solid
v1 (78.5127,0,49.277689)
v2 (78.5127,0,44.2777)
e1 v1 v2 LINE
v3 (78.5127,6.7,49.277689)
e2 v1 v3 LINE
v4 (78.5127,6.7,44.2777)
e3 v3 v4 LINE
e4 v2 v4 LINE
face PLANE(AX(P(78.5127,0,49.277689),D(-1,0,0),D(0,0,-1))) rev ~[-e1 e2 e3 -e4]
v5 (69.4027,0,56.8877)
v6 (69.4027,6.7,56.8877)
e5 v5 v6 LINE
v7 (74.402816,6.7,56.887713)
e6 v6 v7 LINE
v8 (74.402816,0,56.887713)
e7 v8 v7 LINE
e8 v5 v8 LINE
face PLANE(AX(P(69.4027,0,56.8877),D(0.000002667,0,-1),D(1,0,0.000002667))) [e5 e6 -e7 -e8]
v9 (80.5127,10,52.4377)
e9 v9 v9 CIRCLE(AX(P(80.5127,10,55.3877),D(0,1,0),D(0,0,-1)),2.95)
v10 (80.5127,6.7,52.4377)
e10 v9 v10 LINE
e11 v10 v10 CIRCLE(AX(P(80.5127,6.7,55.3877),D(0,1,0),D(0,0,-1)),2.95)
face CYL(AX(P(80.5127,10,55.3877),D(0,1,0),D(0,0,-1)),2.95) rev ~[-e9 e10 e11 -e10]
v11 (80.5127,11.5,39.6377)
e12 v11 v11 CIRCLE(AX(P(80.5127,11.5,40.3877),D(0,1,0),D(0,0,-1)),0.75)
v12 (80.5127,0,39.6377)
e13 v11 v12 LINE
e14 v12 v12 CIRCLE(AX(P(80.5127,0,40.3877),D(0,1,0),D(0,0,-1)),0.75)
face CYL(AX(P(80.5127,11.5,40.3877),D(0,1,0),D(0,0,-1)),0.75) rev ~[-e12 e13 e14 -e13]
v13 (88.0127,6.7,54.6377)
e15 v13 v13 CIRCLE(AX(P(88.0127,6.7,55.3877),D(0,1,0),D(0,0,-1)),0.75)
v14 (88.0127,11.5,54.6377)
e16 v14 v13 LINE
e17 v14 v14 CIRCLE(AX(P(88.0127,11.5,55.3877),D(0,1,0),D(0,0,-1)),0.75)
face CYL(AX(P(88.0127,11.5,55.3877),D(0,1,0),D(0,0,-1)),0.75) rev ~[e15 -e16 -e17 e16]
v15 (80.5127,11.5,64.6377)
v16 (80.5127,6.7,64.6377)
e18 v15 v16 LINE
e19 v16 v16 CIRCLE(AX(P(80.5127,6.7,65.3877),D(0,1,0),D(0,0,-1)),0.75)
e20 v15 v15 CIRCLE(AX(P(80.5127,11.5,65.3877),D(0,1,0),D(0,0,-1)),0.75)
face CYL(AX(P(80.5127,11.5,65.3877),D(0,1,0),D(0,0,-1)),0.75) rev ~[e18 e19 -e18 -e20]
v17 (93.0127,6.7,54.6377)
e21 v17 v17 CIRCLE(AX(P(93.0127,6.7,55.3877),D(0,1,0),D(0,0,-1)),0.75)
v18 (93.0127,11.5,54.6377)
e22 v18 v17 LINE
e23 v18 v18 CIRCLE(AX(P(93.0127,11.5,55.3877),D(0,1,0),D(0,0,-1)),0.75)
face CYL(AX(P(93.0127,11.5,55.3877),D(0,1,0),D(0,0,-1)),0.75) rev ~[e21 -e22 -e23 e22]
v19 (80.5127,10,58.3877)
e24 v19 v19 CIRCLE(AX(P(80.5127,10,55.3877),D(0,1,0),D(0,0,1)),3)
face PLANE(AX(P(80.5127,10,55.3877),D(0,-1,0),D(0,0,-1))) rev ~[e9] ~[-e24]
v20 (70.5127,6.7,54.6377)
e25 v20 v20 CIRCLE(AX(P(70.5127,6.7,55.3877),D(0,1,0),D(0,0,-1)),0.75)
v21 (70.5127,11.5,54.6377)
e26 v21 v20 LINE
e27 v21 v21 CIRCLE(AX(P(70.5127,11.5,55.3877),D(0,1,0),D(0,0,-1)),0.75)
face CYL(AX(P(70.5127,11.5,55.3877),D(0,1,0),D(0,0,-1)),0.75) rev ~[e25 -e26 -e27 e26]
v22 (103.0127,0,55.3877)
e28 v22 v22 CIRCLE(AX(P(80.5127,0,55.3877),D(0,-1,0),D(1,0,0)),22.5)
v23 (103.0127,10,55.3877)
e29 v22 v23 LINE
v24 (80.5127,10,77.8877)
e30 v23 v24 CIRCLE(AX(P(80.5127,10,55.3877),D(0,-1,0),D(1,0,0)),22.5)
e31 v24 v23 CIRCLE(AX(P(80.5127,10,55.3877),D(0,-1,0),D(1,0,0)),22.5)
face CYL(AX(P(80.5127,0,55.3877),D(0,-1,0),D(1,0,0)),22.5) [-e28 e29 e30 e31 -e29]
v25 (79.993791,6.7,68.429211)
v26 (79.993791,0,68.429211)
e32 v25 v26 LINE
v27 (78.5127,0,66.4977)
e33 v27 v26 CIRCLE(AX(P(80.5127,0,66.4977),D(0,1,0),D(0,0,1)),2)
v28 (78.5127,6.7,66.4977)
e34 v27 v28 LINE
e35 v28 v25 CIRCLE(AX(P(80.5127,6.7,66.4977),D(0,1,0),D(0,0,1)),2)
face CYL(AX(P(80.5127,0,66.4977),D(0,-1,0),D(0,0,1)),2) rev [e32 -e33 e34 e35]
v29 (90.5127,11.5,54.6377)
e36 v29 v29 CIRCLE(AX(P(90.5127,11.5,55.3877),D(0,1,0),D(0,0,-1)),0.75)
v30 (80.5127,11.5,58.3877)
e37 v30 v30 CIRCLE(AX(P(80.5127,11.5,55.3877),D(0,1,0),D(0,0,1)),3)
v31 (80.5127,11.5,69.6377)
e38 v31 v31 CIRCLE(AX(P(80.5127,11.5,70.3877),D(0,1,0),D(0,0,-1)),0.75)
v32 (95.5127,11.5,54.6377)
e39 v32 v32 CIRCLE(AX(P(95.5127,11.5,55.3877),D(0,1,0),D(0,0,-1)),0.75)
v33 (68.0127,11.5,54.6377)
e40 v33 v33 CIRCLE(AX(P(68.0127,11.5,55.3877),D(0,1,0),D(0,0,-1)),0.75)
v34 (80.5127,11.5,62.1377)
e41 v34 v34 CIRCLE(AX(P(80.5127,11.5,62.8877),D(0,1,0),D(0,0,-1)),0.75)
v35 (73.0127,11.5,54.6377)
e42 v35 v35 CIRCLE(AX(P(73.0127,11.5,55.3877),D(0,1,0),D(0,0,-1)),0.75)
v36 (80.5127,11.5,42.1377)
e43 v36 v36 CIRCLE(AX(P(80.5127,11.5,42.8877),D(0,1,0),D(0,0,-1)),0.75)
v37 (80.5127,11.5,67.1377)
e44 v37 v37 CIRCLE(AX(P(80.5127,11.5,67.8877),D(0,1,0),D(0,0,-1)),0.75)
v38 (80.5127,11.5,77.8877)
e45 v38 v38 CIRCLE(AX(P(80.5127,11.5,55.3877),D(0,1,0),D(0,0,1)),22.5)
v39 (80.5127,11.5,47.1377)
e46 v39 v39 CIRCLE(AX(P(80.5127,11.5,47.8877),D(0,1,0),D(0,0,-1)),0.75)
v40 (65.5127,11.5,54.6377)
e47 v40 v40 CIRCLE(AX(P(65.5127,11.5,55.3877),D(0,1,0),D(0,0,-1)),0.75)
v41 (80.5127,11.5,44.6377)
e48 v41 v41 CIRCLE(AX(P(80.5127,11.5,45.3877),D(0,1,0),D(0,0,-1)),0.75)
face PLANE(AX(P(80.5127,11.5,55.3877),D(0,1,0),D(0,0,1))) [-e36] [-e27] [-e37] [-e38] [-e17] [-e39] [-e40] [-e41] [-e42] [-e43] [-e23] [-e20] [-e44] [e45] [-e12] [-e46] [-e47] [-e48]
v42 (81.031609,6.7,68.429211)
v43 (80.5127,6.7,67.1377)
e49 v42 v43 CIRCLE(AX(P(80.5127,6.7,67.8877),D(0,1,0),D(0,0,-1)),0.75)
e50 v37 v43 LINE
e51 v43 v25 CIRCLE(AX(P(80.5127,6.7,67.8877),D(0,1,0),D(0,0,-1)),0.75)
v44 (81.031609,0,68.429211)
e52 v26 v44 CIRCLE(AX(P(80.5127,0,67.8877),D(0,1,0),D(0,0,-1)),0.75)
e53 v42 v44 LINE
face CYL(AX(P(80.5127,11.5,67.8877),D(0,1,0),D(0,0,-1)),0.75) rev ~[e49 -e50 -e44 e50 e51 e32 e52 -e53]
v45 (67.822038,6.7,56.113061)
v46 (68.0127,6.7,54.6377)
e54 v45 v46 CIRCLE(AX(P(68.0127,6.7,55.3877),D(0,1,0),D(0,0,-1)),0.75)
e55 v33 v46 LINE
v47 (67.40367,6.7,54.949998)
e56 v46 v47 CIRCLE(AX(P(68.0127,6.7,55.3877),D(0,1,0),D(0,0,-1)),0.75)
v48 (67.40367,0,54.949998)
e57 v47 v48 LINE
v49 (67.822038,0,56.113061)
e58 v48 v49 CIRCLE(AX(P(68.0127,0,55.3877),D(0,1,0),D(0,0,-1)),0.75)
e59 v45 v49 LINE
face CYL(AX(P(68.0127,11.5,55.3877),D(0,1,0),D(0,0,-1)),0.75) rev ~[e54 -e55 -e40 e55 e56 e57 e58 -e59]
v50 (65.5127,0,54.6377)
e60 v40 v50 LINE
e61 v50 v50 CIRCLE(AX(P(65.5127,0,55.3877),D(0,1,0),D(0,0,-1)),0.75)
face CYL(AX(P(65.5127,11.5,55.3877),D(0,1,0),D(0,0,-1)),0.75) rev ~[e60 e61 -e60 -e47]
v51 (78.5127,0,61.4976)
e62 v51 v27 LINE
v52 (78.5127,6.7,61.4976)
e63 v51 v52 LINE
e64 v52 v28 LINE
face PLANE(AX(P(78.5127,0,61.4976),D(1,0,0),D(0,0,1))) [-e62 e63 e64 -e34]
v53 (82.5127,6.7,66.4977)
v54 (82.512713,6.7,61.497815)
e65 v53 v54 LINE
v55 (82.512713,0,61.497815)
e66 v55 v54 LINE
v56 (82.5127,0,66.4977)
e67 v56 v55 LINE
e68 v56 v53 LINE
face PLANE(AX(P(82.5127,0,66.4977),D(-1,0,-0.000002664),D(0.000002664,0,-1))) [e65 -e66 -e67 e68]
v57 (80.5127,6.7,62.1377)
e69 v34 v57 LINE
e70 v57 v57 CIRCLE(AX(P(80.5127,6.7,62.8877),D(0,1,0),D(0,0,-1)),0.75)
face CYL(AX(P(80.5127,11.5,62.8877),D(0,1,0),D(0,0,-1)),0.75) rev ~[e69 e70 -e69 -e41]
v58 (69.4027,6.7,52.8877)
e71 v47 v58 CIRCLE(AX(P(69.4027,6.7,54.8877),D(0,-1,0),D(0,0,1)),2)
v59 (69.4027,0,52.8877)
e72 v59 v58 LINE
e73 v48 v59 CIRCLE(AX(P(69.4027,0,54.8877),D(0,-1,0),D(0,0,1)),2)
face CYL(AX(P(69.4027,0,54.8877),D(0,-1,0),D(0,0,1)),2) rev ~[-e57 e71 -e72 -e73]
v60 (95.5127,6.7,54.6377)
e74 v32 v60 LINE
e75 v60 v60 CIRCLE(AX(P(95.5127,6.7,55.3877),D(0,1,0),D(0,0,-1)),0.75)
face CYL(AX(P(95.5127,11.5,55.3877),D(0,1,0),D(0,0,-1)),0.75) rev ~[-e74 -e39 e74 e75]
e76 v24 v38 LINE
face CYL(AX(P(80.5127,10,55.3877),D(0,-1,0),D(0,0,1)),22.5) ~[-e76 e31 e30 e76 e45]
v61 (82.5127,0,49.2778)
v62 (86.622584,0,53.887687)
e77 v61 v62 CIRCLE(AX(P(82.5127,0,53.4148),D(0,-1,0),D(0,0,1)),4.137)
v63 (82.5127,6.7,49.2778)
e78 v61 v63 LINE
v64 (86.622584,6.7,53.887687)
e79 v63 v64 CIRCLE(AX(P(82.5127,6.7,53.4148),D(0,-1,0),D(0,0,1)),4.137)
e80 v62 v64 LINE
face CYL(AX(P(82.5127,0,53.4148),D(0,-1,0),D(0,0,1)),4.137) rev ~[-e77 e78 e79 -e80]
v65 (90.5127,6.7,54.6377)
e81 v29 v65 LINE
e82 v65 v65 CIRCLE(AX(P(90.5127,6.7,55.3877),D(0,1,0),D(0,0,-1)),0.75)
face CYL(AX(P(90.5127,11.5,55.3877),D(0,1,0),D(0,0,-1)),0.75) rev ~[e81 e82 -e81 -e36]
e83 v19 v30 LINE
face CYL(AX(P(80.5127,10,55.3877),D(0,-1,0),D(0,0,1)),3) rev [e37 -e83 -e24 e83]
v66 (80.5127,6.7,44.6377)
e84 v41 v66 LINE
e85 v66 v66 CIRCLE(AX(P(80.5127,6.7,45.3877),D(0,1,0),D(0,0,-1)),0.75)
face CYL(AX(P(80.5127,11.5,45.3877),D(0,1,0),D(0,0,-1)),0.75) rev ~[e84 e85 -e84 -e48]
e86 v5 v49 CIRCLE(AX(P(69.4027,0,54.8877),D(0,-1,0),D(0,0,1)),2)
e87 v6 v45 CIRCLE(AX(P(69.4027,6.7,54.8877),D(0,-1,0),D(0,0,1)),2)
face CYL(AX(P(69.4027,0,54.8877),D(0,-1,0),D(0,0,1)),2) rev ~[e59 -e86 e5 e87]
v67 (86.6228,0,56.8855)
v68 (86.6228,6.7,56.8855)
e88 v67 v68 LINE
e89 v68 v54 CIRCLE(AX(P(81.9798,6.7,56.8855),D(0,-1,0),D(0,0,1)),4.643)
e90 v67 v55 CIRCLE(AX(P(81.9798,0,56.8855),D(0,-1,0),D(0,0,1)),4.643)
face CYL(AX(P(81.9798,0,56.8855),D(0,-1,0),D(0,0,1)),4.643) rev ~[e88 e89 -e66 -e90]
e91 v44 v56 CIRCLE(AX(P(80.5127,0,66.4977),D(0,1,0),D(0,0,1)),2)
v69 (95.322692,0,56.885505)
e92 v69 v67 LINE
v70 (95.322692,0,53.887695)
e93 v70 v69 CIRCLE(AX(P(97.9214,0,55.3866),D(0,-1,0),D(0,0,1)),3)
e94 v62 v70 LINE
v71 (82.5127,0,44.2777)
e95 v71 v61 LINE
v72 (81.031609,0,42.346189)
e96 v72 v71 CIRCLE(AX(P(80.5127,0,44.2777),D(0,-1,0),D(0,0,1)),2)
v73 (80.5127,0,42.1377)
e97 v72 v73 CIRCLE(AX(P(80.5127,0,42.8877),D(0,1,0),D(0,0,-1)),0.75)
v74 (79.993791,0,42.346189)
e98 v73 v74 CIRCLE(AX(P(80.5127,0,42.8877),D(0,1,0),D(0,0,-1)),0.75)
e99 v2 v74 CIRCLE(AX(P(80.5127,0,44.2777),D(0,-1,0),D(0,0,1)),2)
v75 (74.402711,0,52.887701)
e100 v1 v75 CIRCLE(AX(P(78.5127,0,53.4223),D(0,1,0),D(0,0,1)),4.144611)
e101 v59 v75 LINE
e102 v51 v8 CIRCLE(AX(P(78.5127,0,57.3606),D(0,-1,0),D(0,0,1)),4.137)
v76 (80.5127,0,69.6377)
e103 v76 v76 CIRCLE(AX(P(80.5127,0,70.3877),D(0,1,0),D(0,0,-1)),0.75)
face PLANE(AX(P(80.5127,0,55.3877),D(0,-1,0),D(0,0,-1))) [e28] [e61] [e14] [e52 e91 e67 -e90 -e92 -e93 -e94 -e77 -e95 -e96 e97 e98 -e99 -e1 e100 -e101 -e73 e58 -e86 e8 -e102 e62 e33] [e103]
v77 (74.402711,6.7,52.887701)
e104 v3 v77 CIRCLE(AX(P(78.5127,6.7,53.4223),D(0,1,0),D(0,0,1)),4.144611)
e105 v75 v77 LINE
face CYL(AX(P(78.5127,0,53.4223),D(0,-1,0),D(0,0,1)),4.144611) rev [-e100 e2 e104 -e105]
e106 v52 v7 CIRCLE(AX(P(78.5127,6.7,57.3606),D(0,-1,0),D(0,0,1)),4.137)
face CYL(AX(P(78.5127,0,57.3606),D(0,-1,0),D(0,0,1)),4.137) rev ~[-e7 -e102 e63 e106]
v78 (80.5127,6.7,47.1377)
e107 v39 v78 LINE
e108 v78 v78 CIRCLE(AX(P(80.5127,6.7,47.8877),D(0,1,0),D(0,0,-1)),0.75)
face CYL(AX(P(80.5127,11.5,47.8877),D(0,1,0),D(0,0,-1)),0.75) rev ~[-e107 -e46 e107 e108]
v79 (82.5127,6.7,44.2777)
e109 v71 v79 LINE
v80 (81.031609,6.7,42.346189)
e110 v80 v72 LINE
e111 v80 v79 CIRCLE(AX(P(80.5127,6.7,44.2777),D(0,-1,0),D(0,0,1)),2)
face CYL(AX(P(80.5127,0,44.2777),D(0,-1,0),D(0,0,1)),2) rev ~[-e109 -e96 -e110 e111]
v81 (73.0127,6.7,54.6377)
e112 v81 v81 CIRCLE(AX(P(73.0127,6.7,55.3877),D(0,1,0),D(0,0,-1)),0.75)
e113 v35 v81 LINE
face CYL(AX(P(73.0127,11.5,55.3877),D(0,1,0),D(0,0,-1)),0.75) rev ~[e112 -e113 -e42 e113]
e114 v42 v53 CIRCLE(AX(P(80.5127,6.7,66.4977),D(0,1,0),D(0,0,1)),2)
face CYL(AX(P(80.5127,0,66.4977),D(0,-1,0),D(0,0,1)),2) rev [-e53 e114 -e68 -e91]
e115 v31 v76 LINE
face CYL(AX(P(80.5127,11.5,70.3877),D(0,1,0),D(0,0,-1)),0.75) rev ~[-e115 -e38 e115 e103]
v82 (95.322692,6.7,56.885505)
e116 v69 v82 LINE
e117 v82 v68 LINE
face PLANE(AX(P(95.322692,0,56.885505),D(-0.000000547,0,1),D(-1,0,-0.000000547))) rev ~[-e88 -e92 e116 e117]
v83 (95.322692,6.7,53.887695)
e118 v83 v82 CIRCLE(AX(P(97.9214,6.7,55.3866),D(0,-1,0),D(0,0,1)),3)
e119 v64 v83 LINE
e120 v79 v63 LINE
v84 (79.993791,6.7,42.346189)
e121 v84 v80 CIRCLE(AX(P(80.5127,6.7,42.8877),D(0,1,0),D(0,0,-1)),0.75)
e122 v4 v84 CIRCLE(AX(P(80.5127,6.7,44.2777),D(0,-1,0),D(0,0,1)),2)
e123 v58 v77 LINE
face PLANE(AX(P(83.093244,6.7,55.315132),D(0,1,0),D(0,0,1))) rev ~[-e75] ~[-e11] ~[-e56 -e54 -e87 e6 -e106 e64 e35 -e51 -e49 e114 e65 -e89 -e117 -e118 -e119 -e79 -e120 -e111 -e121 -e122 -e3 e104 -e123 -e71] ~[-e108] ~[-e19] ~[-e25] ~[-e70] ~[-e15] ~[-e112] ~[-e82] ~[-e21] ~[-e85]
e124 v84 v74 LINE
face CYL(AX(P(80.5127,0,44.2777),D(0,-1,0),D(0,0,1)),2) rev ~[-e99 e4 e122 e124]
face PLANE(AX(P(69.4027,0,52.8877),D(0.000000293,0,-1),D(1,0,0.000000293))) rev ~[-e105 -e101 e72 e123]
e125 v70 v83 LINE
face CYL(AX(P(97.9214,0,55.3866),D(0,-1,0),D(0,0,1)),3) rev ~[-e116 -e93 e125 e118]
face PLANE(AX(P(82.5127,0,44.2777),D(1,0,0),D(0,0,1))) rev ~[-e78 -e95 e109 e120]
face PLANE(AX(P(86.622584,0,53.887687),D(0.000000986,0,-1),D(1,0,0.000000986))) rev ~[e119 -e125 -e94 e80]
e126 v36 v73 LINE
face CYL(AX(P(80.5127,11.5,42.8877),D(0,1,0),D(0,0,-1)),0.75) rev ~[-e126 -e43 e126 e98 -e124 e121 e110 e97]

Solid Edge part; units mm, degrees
sketch "Sketch1" plane through (0, 0, 0) normal (0, -1, 0) x (1, 0, 0)
  circle A0 centre (80.5127, 55.3877) radius 22.5
  dimension "D1" = 45
extrude "Protrusion1" add sketch "Sketch1" against normal blind 10
sketch "Sketch2" plane through (80.5127, 10, 55.3877) normal (0, 1, 0) x (0, 0, -1)
  circle A0 centre (0, 0) radius 2.95
  dimension "D1" = 5.9
extrude "ExtrudedCutout_5" cut sketch "Sketch2" against normal blind 4
sketch "Sketch3" plane through (80.5127, 6, 55.3877) normal (0, 1, 0) x (-1, 0, 0)
  circle A0 centre (0, 0) radius 1.05
  dimension "D1" = 2.1
extrude "Cutout1" cut sketch "Sketch3" against normal up to next
sketch "Sketch4" plane through (80.5127, 5, 51.1598) normal (0, -1, 0) x (1, 0, 0)
  circle A0 centre (0, 4.2279) radius 3.55
extrude "ExtrudedCutout_7" cut sketch "Sketch4" against normal blind 0.5
chamfer "Chamfer_2" distance 1.9 distance2 0.5 1 edges at (80.5127, 6, 58.3377) measured on face at (78.605, 6, 53.362)
sketch "Sketch5" plane through (80.5127, 10, 55.3877) normal (0, 1, 0) x (0, 0, 1)
  circle A0 centre (0, 0) radius 22.5
  circle A1 centre (0, 0) radius 3
  dimension "D1" = 45
extrude "ExtrudedProtrusion_4" add sketch "Sketch5" along normal blind 1.5
sketch "Sketch6" plane through (80.5127, 0, 55.3877) normal (0, -1, 0) x (0, 0, 1)
  line L0 (1.5, 11.11) -> (1.5, 6.11)
  arc A0 (6.11, 2) -> (1.5, 6.11) centre (1.9729, 2) ccw
  line L1 (6.11, 2) -> (11.11, 2)
  arc A1 (11.11, 2) -> (11.11, -2) centre (11.11, 0) cw
  line L2 (11.11, -2) -> (6.11, -2)
  arc A2 (1.4978, -6.11) -> (6.11, -2) centre (1.4978, -1.4671) ccw
  line L3 (1.4978, -14.81) -> (1.4978, -6.11)
  arc A3 (-1.5, -14.81) -> (1.4978, -14.81) centre (-0.0011, -17.4087) ccw
  line L4 (-1.5, -6.11) -> (-1.5, -14.81)
  arc A4 (-6.11, -2) -> (-1.5, -6.11) centre (-1.9729, -2) ccw
  line L5 (-11.11, -2) -> (-6.11, -2)
  arc A5 (-11.11, 2) -> (-11.11, -2) centre (-11.11, 0) ccw
  line L6 (-6.11, 2) -> (-11.11, 2)
  arc A6 (-6.11, 2) -> (-2.5, 6.11) centre (-1.9654, 2) cw
  line L7 (-2.5, 11.11) -> (-2.5, 6.11)
  arc A7 (1.5, 11.11) -> (-2.5, 11.11) centre (-0.5, 11.11) ccw
  dimension "D1" = 5
  dimension "D2" = 6.11
  dimension "D3" = 1.5
  dimension "D4" = 2
  dimension "D5" = 5
  dimension "D6" = 5
  dimension "D7" = 2
  dimension "D8" = 5
  dimension "D9" = 5
  dimension "D10" = 2
  dimension "D11" = 6.11
  dimension "D12" = 6.11
  dimension "D13" = 8.7
  dimension "D14" = 6.11
  dimension "D15" = 1.5
  dimension "D16" = 8.7
  dimension "D17" = 5
  dimension "D18" = 3
extrude "ExtrudedCutout_9" cut sketch "Sketch6" against normal blind 6.7
sketch "Sketch7" plane through (80.5127, 11.5, 55.3877) normal (0, 1, 0) x (0, 0, -1)
  circle A0 centre (7.5, 0) radius 0.75
  circle A1 centre (10, 0) radius 0.75
  circle A2 centre (12.5, 0) radius 0.75
  circle A3 centre (15, 0) radius 0.75
  circle A4 centre (-15, 0) radius 0.75
  circle A5 centre (-12.5, 0) radius 0.75
  circle A6 centre (-10, 0) radius 0.75
  circle A7 centre (-7.5, 0) radius 0.75
  circle A8 centre (0, -10) radius 0.75
  circle A9 centre (0, -12.5) radius 0.75
  circle A10 centre (0, -15) radius 0.75
  circle A11 centre (0, -7.5) radius 0.75
  circle A12 centre (0, 7.5) radius 0.75
  circle A13 centre (0, 10) radius 0.75
  circle A14 centre (0, 12.5) radius 0.75
  circle A15 centre (0, 15) radius 0.75
  dimension "D1" = 7.5
  dimension "D2" = 1.5
  dimension "D3" = 10
  dimension "D4" = 1.5
  dimension "D5" = 12.5
  dimension "D6" = 15
  dimension "D7" = 7.5
  dimension "D8" = 10
  dimension "D9" = 12.5
  dimension "D10" = 15
  dimension "D11" = 1.5
  dimension "D12" = 7.5
  dimension "D13" = 10
  dimension "D14" = 12.5
  dimension "D15" = 15
  dimension "D16" = 1.5
  dimension "D17" = 1.5
  dimension "D18" = 7.5
  dimension "D19" = 10
  dimension "D20" = 12.5
  dimension "D21" = 1.5
  dimension "D22" = 15
extrude "Cutout2" cut sketch "Sketch7" against normal through all
